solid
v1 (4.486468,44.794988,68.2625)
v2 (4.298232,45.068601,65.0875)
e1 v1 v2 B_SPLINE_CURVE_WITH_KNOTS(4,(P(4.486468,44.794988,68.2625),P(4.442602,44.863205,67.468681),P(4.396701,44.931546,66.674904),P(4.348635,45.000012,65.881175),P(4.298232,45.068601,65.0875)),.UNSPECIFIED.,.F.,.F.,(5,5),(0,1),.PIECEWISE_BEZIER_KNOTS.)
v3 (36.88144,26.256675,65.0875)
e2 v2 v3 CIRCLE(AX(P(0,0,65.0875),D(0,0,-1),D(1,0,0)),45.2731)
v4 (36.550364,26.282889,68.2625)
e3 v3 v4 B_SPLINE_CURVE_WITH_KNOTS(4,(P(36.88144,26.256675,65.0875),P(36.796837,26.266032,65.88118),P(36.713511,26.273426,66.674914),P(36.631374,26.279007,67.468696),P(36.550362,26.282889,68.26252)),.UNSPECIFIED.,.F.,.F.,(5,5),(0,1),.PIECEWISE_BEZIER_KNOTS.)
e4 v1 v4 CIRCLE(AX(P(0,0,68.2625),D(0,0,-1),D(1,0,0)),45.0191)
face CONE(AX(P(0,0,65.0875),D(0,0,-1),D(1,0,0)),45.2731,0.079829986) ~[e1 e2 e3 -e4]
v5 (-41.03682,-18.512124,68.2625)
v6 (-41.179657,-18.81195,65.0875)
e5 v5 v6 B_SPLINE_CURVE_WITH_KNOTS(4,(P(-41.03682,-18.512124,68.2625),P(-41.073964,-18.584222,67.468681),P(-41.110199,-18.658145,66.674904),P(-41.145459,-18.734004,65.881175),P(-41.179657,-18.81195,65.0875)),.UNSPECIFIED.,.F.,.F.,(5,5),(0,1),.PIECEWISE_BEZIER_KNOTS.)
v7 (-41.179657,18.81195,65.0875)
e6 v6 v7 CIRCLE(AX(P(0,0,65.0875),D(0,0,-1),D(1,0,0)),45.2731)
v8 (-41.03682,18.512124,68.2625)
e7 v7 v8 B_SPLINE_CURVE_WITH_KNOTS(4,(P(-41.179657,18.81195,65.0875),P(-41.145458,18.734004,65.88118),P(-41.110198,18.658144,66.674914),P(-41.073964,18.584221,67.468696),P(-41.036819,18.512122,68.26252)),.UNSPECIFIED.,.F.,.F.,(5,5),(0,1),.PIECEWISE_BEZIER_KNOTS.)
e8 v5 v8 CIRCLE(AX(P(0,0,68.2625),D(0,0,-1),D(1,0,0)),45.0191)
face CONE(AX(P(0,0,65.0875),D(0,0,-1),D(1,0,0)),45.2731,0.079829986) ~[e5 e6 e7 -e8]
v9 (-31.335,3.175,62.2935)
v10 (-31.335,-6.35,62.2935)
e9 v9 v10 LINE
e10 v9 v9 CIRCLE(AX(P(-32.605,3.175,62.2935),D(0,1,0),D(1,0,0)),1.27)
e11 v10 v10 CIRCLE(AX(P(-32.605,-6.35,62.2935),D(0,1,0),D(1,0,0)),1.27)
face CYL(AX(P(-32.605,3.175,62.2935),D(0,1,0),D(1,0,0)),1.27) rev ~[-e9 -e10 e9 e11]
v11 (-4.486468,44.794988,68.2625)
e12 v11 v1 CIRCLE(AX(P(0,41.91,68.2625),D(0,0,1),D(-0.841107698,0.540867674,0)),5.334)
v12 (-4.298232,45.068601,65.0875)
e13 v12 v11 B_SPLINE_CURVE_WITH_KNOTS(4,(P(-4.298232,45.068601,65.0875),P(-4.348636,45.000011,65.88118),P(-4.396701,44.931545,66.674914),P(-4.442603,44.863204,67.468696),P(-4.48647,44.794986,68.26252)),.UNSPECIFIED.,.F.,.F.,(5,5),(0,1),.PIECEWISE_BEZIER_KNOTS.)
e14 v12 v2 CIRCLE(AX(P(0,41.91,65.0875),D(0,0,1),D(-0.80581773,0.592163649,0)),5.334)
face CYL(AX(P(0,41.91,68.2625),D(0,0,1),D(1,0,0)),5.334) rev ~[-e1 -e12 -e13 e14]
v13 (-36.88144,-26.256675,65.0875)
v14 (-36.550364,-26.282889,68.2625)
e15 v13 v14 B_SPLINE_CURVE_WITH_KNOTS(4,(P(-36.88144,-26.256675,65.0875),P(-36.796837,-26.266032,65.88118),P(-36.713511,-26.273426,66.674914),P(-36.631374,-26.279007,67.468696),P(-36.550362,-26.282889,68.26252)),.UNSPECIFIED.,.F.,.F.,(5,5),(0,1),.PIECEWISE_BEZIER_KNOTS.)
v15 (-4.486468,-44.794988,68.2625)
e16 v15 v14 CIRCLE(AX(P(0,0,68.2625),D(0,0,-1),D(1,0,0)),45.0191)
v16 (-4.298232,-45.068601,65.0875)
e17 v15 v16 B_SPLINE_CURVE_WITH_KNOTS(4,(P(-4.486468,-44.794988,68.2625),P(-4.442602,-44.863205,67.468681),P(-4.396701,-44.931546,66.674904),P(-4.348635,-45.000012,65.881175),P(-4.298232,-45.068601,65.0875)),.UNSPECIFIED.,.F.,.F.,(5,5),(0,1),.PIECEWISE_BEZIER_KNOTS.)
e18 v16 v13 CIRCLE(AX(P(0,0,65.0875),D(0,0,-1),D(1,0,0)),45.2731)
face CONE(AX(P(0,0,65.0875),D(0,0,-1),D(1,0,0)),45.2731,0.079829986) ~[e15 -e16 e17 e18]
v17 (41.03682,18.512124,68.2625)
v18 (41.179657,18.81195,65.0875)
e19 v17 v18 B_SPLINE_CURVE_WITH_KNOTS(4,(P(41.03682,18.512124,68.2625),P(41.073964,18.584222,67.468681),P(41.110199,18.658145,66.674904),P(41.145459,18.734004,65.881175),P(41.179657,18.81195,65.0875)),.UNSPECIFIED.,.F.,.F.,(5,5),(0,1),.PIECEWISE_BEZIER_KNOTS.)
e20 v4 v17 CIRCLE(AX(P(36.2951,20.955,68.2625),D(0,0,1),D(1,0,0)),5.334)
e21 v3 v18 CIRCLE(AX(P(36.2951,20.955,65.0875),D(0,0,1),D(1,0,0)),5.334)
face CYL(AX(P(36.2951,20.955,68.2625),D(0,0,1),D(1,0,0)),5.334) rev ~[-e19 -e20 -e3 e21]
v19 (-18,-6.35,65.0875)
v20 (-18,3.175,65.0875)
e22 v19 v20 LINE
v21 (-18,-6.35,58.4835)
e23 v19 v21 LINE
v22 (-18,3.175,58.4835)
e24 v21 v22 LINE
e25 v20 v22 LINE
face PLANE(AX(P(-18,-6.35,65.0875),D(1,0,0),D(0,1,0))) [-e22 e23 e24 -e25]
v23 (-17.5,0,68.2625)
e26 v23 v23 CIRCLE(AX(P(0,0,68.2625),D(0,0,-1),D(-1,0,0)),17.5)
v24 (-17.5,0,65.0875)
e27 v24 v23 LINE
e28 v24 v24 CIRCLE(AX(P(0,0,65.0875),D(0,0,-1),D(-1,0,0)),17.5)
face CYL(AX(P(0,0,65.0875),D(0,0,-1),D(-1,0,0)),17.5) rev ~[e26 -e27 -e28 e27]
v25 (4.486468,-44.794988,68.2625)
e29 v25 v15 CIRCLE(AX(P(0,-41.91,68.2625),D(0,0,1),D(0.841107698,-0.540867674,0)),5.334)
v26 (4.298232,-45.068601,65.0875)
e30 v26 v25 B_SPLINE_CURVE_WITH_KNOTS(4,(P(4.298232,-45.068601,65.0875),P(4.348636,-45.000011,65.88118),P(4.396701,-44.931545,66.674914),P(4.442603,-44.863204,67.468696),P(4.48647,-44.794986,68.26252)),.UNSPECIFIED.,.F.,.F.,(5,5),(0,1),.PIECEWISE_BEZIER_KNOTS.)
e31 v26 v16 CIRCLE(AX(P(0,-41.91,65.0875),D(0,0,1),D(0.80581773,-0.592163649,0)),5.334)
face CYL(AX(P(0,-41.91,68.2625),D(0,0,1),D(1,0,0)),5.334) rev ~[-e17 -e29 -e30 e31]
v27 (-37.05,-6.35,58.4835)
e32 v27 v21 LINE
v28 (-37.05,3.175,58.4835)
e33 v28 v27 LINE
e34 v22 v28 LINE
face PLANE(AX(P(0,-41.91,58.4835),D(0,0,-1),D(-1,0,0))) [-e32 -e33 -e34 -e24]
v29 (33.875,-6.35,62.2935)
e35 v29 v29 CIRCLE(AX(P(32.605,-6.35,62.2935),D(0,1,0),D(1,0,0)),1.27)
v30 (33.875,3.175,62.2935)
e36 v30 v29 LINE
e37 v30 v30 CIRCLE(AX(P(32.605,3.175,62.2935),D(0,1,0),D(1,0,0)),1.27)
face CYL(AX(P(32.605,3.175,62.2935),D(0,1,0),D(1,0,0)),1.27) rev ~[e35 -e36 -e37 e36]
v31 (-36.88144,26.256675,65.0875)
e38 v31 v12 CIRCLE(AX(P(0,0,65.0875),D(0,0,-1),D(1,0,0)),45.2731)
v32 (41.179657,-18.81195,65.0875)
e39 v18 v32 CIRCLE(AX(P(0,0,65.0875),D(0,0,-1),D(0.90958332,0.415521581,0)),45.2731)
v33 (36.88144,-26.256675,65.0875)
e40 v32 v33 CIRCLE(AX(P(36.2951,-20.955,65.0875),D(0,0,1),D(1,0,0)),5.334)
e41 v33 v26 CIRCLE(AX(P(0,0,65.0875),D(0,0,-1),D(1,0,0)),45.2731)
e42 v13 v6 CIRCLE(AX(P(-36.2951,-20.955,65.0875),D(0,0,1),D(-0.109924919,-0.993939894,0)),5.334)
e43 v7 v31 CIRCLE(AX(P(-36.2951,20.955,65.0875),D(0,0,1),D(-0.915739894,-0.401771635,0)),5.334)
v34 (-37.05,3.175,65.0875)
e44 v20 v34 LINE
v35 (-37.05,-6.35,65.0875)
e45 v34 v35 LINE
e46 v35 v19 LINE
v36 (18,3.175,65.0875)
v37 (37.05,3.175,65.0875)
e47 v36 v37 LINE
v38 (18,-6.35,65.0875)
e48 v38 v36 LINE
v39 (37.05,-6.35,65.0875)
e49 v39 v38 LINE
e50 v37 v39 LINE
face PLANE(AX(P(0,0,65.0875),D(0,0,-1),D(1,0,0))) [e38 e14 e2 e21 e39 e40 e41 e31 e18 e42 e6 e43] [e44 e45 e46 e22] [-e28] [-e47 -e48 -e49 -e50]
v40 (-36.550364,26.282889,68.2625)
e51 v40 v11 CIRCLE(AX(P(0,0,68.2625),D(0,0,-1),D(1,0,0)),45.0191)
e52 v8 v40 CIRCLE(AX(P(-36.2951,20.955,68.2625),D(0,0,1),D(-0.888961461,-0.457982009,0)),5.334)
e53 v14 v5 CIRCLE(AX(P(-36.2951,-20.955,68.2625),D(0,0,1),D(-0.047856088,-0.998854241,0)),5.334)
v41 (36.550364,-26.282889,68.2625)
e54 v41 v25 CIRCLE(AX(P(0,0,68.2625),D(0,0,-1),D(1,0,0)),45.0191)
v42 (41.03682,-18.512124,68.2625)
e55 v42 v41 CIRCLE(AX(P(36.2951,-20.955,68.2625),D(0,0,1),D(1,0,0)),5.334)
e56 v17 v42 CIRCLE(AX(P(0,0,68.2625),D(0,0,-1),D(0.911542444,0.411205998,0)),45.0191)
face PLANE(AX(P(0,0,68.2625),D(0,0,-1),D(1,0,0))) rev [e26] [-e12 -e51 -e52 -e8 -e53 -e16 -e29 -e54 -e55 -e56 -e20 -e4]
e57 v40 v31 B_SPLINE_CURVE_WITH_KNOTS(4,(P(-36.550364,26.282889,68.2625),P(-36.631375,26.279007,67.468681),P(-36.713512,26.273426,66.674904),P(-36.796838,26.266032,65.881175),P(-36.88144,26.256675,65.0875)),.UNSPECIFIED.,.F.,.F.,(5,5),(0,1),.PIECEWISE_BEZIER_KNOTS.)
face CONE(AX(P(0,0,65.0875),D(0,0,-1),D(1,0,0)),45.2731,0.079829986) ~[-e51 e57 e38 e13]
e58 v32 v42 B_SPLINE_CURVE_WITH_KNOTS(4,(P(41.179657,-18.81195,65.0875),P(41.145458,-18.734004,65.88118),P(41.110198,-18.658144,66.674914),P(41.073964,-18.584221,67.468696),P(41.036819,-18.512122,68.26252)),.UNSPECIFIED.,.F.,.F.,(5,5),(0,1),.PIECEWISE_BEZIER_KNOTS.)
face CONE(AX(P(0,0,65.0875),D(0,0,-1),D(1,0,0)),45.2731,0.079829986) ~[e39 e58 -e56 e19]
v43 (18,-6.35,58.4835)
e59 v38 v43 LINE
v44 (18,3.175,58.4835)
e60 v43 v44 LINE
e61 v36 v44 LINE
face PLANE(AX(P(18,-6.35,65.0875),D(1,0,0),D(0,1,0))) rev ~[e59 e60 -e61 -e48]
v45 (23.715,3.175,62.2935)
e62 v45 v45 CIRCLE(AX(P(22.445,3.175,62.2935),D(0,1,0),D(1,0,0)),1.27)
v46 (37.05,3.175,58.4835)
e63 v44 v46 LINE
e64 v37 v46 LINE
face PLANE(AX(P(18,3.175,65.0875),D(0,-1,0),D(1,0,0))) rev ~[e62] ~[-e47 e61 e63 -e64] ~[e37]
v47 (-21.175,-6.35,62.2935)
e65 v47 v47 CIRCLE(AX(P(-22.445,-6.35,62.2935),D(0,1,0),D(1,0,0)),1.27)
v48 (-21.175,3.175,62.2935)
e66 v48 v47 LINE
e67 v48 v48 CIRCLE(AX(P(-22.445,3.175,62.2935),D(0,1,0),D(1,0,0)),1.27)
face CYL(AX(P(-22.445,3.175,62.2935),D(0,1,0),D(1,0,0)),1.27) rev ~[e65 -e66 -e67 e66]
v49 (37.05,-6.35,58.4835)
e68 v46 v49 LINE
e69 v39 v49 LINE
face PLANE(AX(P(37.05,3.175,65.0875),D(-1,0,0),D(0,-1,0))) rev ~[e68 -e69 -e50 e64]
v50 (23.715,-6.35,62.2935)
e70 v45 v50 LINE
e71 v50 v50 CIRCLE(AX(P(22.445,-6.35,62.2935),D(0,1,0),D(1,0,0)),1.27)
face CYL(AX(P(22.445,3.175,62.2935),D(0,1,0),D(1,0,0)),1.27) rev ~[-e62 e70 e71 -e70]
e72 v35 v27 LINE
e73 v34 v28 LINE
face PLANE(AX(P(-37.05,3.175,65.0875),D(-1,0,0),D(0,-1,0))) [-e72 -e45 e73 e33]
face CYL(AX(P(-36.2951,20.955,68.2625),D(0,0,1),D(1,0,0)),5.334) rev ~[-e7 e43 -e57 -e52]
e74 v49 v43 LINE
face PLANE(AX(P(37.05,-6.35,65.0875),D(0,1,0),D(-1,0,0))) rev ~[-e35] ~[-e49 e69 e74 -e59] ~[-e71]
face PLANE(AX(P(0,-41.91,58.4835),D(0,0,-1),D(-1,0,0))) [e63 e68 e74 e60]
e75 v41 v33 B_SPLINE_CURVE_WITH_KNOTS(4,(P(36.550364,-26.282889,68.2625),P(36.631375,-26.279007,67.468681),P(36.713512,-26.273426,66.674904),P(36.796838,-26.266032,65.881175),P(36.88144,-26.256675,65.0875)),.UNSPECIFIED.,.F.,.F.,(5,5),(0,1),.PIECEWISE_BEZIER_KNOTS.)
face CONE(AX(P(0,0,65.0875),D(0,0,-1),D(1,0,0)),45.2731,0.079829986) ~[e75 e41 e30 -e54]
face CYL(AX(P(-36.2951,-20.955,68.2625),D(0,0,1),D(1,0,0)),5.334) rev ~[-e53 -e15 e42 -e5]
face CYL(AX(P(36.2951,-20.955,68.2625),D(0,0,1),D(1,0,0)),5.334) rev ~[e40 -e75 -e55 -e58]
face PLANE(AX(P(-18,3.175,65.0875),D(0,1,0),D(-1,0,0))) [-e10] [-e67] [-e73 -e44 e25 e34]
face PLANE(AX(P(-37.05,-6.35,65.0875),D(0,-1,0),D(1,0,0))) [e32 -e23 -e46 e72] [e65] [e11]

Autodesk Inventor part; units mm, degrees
ref_plane "YZ Plane" through (0, 0, 0) normal (1, 0, 0) x (0, 1, 0)
ref_plane "XZ Plane" through (0, 0, 0) normal (0, 1, 0) x (-1, 0, 0)
sketch "Sketch1" plane through (0, 0, 0) normal (0, 0, 1) x (1, 0, 0)
  circle A0 centre (0, 0) radius 50.8
  dimension "d0" = 101.6
ref_plane "Work Plane1" through (0, 0, 279.4) normal (0, 0, 1) x (1, 0, 0)
sketch "Sketch2" plane through (0, 0, 279.4) normal (0, 0, 1) x (1, 0, 0)
  circle A0 centre (0, 0) radius 7.1437
  dimension "d3" = 14.2875
loft "Loft2" add profiles "Sketch1", "Sketch2"
sketch "Sketch15" plane through (0, 0, 0) normal (0, 1, 0) x (-1, 0, 0)
  line L0 (-7.1437, 279.4) -> (7.1437, 279.4) projected
  line L1 (0, 279.4) -> (-7.1437, 279.4)
  line L2 (-50.8, 0) -> (50.8, 0) projected
  line L3 (50.8, 0) -> (-50.8, 0)
  line L4 (-50.8, 0) -> (-50.8, 279.4)
  line L5 (-50.8, 279.4) -> (50.8, 279.4)
  line L6 (50.8, 279.4) -> (50.8, 0)
  line L7 (-7.1437, 279.4) -> (0, 302.26)
  line L8 (0, 279.4) -> (0, 88.9)
  line L9 (0, 88.9) -> (-46.3803, 88.9)
  line L10 (0, 0) -> (-50.8, 0)
  line L11 (0, 88.9) -> (0, 0)
  line L12 (0, 84.1375) -> (-46.8411, 84.1375)
  line L13 (0, 68.2625) -> (-48.1941, 68.2625)
  line L14 (-48.1941, 68.2625) -> (-45.0191, 68.2625)
  line L15 (-45.0191, 68.2625) -> (-45.0191, 65.0875)
  line L16 (-45.0191, 65.0875) -> (-45.2731, 65.0875)
  line L17 (-45.2731, 65.0875) -> (-45.0191, 68.2625)
  line L18 (-45.2731, 65.0875) -> (0, 65.0875)
  point P0 (0, 0)
  dimension "d258" = 190.5
  dimension "d259" = 88.9
  dimension "d264" = 4.7625
  dimension "d315" = 3.175
  dimension "d316" = 3.175
  dimension "d317" = 0.254
  dimension "d330" = 15.875
extrude "Extrusion37" cut sketch "Sketch15" along normal through all both and the other way through all
revolve "Revolution11" add sketch "Sketch15" angle 360 about axis through (0, 0, 88.9) along (0, 0, -1) contours L11 L18 L15 L13 | L15 L16 L17
sketch "Sketch59" plane through (0, 0, 68.2625) normal (0, 0, 1) x (1, 0, 0)
  line L0 (0, 0) -> (0, 41.91)
  circle A0 centre (0, 41.91) radius 5.334
  circle A1 centre (-36.2951, 20.955) radius 5.334
  circle A2 centre (-36.2951, -20.955) radius 5.334
  circle A3 centre (0, -41.91) radius 5.334
  circle A4 centre (36.2951, -20.955) radius 5.334
  circle A5 centre (36.2951, 20.955) radius 5.334
  dimension "d319" = 41.91
  dimension "d320" = 10.668
  dimension "d323" = 360
extrude "Extrusion45" cut sketch "Sketch59" against normal blind 25.4
sketch "Sketch60" plane through (0, -41.91, 65.0875) normal (0, 0, -1) x (-1, 0, 0)
  circle A0 centre (0, 41.91) radius 17.5
  point P0 (0, 41.91)
  dimension "d327" = 35
extrude "Extrusion46" cut sketch "Sketch60" against normal blind 25.4
sketch "Sketch61" plane through (0, -41.91, 65.0875) normal (0, 0, -1) x (-1, 0, 0)
  line L0 (18, 45.085) -> (37.05, 45.085)
  line L1 (37.05, 45.085) -> (37.05, 35.56)
  line L2 (37.05, 35.56) -> (18, 35.56)
  line L3 (18, 35.56) -> (18, 45.085)
  line L4 (0, 41.91) -> (0, -3.2701)
  line L5 (-18, 45.085) -> (-37.05, 45.085)
  line L6 (-37.05, 45.085) -> (-37.05, 35.56)
  line L7 (-37.05, 35.56) -> (-18, 35.56)
  line L8 (-18, 35.56) -> (-18, 45.085)
  dimension "d331" = 19.05
  dimension "d332" = 9.525
  dimension "d333" = 18
  dimension "d347" = 3.175
extrude "Extrusion47" add sketch "Sketch61" along normal blind 6.604
sketch "Sketch62" plane through (18, 3.175, 65.0875) normal (0, 1, 0) x (1, 0, 0)
  line L0 (-23.334, 0) -> (-12.666, 0) projected
  line L1 (-18, 0) -> (-18, 51.1143)
  line L2 (19.05, 0) -> (0, 0) projected
  line L3 (19.05, 0) -> (19.05, 6.604) projected
  line L4 (0, 6.604) -> (19.05, 6.604) projected
  line L5 (0, 0) -> (0, 6.604) projected
  circle A0 centre (14.605, 2.794) radius 1.27
  circle A1 centre (4.445, 2.794) radius 1.27
  line L6 (19.05, 6.604) -> (0, 6.604) projected
  line L7 (9.525, 6.604) -> (9.525, 11.5709)
  circle A2 centre (-50.605, 2.794) radius 1.27
  circle A3 centre (-40.445, 2.794) radius 1.27
  point P0 (-18, 65.0875)
  point P1 (-22.2982, 0)
  point P2 (-13.7018, 0)
  dimension "d337" = 2.54
  dimension "d338" = 2.54
  dimension "d339" = 10.16
  dimension "d342" = 5.08
  dimension "d345" = 3.81
  dimension "d346" = 3.81
extrude "Extrusion48" cut sketch "Sketch62" against normal through all contours A0 | A1 | A2 | A3
properties part number "aftServoAssemblyForwardDisc"
